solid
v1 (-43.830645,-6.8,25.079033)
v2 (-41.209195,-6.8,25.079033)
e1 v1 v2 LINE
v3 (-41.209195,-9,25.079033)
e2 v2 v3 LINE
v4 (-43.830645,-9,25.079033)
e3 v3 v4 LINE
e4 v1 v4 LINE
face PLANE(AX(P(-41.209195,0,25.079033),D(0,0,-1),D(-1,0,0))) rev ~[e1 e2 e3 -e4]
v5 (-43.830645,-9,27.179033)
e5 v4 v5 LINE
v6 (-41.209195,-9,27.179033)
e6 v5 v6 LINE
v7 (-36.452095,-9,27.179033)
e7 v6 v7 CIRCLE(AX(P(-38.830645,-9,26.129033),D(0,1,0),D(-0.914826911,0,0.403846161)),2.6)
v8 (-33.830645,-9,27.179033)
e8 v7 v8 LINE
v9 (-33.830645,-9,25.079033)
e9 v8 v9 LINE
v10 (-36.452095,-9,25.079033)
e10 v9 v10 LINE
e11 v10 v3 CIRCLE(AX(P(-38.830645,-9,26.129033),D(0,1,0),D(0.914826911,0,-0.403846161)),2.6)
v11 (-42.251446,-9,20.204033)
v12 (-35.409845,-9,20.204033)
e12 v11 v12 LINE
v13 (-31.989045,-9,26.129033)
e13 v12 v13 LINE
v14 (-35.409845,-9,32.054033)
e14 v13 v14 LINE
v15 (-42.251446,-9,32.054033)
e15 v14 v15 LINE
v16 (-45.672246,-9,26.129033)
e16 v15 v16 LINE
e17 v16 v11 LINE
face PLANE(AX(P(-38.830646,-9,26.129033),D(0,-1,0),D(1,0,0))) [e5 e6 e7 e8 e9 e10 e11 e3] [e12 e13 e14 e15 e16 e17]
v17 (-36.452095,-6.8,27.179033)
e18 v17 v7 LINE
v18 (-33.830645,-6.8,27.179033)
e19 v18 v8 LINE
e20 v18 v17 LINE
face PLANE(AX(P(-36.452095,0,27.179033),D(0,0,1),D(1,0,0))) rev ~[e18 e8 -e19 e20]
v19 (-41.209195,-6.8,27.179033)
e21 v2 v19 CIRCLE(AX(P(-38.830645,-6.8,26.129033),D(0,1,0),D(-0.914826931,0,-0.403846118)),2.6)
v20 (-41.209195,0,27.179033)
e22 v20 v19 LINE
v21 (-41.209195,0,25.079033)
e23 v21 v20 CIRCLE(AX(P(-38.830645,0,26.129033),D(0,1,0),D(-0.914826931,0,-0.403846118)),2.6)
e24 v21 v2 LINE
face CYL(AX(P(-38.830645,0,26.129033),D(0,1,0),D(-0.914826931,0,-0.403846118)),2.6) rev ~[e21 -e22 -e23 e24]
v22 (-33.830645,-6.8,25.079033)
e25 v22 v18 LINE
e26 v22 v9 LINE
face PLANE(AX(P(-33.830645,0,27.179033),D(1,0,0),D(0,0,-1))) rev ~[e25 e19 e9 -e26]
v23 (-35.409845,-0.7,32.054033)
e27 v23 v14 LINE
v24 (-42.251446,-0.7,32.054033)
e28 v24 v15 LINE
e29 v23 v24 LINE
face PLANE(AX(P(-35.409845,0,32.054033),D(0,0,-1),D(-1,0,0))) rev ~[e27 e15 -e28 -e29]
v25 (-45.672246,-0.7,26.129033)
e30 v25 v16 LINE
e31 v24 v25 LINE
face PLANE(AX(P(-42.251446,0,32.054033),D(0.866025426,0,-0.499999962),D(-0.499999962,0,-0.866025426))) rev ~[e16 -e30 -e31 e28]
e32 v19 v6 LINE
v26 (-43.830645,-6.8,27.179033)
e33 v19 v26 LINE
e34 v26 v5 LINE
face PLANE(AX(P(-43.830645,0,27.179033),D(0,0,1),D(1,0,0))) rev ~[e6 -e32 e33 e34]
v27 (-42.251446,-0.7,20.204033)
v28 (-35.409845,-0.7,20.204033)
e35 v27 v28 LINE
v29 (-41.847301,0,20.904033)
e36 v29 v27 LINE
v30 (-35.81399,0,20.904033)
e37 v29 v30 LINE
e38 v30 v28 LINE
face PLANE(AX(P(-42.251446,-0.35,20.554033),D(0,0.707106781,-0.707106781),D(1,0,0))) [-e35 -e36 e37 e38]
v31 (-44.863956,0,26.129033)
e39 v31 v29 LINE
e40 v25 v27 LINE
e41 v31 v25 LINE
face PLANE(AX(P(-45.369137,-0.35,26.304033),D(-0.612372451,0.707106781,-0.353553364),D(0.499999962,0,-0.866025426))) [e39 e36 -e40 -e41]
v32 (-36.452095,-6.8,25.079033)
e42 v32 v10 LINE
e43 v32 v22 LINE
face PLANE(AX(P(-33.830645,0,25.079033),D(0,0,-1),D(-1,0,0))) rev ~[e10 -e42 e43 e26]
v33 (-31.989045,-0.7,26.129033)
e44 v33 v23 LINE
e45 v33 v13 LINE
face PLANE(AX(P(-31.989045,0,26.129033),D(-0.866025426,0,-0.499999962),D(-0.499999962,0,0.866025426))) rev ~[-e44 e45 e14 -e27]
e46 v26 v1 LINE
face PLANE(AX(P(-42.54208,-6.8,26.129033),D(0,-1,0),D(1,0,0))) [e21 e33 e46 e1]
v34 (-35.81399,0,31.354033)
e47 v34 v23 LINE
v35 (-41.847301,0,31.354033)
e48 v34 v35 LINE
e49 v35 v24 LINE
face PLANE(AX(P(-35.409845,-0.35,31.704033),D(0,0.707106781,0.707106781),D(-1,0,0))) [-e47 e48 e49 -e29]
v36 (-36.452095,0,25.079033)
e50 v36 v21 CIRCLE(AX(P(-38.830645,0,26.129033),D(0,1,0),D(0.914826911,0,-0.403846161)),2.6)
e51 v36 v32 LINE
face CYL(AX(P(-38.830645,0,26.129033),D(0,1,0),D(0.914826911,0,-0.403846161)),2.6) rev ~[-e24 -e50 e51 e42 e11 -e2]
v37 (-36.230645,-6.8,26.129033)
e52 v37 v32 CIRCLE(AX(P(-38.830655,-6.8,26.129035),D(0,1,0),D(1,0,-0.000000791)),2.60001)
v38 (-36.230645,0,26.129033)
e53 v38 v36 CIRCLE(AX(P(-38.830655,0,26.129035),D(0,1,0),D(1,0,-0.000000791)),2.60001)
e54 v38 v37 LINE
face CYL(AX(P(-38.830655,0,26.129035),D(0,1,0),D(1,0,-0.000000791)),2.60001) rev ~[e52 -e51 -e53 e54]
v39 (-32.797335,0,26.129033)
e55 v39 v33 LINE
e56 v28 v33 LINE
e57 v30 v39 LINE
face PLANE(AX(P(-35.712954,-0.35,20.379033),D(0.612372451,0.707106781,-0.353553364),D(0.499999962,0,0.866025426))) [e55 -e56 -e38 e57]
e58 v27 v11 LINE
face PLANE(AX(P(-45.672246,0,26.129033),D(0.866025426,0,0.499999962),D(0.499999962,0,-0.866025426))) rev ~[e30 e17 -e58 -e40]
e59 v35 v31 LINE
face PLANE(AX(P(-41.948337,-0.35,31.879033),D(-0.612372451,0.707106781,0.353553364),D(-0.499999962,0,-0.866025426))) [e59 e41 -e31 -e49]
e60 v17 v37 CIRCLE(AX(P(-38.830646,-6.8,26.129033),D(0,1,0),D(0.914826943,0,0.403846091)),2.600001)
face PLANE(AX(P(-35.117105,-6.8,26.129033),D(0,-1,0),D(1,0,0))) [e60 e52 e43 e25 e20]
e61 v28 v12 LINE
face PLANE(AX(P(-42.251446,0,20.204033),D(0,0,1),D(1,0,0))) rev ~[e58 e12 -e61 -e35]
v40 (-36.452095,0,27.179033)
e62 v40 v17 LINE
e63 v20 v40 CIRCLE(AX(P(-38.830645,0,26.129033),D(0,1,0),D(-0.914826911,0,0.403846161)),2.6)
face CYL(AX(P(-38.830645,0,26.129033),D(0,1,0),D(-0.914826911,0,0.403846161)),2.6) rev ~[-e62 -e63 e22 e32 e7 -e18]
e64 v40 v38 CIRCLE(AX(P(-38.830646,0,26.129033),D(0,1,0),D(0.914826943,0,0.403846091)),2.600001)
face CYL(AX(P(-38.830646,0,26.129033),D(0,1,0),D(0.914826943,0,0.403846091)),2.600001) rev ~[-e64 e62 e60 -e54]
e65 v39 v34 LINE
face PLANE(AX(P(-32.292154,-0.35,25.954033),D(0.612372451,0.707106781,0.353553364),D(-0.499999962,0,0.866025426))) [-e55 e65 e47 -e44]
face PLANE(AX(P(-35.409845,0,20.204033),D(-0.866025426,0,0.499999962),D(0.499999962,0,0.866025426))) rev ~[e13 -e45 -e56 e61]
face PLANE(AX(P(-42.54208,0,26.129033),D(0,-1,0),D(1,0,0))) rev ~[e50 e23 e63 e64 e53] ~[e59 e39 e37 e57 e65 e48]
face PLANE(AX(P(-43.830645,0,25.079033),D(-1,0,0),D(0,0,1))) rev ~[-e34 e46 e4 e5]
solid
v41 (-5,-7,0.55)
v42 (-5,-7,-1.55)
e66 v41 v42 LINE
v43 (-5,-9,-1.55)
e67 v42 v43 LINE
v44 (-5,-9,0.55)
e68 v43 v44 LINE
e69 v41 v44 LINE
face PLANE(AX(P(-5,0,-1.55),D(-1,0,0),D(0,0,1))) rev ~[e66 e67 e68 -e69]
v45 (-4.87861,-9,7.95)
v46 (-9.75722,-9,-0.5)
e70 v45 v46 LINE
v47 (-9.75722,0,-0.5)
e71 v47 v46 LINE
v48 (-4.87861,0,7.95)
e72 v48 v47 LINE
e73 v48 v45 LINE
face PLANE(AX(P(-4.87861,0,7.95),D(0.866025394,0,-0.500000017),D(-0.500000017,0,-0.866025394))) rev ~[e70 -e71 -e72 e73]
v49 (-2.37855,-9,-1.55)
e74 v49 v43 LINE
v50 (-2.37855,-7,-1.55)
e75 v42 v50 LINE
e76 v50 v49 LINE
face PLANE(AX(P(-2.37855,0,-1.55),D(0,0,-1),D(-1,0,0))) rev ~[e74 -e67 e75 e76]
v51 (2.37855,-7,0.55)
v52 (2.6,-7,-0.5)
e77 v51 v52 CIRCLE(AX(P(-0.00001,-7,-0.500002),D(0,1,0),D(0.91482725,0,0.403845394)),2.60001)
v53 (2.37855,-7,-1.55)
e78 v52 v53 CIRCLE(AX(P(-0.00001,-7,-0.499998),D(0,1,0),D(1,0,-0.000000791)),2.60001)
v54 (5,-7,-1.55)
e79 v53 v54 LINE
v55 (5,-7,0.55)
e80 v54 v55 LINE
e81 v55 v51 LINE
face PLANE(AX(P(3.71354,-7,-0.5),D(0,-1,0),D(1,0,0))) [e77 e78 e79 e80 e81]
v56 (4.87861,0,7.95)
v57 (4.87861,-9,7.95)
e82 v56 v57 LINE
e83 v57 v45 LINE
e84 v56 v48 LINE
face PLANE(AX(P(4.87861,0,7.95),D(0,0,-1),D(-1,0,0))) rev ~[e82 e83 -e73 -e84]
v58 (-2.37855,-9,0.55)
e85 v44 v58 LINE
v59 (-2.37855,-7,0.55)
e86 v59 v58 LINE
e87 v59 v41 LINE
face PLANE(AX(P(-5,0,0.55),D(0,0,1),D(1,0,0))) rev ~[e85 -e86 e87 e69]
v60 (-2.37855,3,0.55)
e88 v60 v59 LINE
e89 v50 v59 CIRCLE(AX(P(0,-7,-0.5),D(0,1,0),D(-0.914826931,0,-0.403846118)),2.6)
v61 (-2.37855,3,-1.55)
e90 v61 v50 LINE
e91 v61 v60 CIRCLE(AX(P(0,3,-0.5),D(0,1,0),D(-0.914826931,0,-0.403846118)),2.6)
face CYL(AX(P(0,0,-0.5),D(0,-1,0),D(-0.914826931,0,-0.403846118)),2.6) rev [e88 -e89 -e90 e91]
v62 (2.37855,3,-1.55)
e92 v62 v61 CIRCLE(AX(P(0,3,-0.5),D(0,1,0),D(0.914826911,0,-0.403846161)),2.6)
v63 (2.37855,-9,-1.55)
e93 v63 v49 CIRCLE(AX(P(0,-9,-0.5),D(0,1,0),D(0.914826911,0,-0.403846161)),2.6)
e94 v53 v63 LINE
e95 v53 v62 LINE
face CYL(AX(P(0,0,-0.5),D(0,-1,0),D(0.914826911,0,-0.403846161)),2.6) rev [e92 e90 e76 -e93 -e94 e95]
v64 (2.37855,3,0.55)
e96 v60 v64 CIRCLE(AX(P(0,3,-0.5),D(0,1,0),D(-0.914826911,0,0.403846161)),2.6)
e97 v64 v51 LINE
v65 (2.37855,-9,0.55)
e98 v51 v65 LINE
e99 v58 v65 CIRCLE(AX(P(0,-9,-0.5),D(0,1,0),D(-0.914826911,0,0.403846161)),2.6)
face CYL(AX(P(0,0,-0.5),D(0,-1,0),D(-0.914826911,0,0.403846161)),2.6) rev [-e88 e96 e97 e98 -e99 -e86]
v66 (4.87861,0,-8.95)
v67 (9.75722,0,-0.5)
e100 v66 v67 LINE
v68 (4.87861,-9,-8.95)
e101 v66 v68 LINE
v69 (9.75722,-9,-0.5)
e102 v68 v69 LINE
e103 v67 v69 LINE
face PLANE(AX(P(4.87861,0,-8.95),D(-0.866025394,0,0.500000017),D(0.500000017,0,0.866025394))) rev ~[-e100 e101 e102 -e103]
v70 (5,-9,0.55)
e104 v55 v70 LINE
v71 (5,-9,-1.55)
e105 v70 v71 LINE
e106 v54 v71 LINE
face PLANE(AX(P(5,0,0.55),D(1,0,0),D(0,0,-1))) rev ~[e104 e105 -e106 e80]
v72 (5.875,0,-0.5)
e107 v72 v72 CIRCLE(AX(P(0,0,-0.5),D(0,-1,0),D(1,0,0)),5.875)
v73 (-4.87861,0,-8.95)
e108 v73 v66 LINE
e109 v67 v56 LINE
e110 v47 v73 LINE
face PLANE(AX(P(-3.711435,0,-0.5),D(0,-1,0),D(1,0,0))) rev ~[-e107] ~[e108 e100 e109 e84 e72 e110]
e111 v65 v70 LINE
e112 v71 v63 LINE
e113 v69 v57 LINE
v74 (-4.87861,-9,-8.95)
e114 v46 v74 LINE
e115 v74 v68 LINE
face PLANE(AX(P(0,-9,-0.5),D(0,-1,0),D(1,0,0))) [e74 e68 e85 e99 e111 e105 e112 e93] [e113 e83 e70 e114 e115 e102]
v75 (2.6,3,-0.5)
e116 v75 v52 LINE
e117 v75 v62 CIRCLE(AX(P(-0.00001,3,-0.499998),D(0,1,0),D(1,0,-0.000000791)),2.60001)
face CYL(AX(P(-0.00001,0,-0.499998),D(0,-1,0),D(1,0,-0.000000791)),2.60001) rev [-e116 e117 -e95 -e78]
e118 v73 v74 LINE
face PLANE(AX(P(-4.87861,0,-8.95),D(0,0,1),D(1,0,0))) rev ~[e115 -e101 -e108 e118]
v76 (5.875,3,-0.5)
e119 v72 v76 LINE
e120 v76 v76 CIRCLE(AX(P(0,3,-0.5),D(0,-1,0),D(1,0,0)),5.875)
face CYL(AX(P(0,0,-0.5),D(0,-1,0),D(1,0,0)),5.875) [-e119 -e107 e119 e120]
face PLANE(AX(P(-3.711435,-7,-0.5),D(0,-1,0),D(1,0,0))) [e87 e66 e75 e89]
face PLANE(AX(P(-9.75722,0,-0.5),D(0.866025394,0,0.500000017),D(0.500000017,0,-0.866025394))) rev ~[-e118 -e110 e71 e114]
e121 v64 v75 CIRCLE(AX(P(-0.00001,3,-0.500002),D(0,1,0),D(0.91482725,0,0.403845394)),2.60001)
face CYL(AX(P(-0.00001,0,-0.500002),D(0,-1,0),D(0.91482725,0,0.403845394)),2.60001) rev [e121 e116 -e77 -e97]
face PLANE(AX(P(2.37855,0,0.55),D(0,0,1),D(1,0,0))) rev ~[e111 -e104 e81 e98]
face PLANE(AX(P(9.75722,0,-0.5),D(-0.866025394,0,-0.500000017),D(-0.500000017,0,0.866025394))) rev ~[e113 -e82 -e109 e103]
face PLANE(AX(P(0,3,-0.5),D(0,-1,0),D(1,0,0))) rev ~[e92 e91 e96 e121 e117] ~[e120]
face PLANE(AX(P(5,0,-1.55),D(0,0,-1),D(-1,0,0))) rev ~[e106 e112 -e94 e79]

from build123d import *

# Parameters (mm, degrees)
F1_DEPTH = 9
F2_DEPTH = 6.8
F3_SIZE  = 0.7
F4_R     = 5.875
F5_DEPTH = 9
F6_DEPTH = 7
F7_DEPTH = 3


with BuildPart() as f1:
    # F0 (on Front) → F1 (new body)
    with BuildSketch(Plane.XZ):
        Polygon((-35.409845, 32.054033), (-42.251446, 32.054033), (-45.672246, 26.129033), (-42.251446, 20.204033), (-35.409845, 20.204033), (-31.989045, 26.129033), align=None)
        with BuildLine():
            ThreePointArc((-41.209195, 27.179033), (-38.830645, 28.729033), (-36.452095, 27.179033))
            Line((-36.452095, 27.179033), (-33.830645, 27.179033))
            Line((-33.830645, 27.179033), (-33.830645, 25.079033))
            Line((-33.830645, 25.079033), (-36.452095, 25.079033))
            ThreePointArc((-36.452095, 25.079033), (-38.830645, 23.529033), (-41.209195, 25.079033))
            Line((-41.209195, 25.079033), (-43.830645, 25.079033))
            Line((-43.830645, 25.079033), (-43.830645, 27.179033))
            Line((-43.830645, 27.179033), (-41.209195, 27.179033))
        make_face(mode=Mode.SUBTRACT)
    extrude(amount=F1_DEPTH)

    # F0 (on Front) → F2 (join)
    with BuildSketch(Plane.XZ):
        with BuildLine():
            ThreePointArc((-41.209195, 25.079033), (-41.430645, 26.129033), (-41.209195, 27.179033))
            Line((-41.209195, 27.179033), (-43.830645, 27.179033))
            Line((-43.830645, 27.179033), (-43.830645, 25.079033))
            Line((-43.830645, 25.079033), (-41.209195, 25.079033))
        make_face()
        with BuildLine():
            ThreePointArc((-36.452095, 27.179033), (-36.28661, 26.665583), (-36.230645, 26.129033))
            ThreePointArc((-36.230645, 26.129033), (-36.28661, 25.592484), (-36.452095, 25.079033))
            Line((-36.452095, 25.079033), (-33.830645, 25.079033))
            Line((-33.830645, 25.079033), (-33.830645, 27.179033))
            Line((-33.830645, 27.179033), (-36.452095, 27.179033))
        make_face()
    extrude(amount=F2_DEPTH)

    # F3
    f3_edges = [f1.edges().sort_by_distance(p)[0] for p in [
        (-33.699445, 0, 29.091533),
        (-33.699445, 0, 23.166533),
        (-38.830645, 0, 20.204033),
        (-43.961846, 0, 23.166533),
        (-43.961846, 0, 29.091533),
        (-38.830645, 0, 32.054033),
    ]]
    chamfer(f3_edges, length=F3_SIZE)


with BuildPart() as f5:
    # F4 (on Front) → F5 (new body)
    with BuildSketch(Plane.XZ):
        Polygon((4.87861, 7.95), (-4.87861, 7.95), (-9.75722, -0.5), (-4.87861, -8.95), (4.87861, -8.95), (9.75722, -0.5), align=None)
        with Locations((0, -0.5)):
            Circle(F4_R, mode=Mode.SUBTRACT)
        with Locations((0, -0.5)):
            Circle(F4_R)
        with BuildLine():
            ThreePointArc((-2.37855, 0.55), (0, 2.1), (2.37855, 0.55))
            Line((2.37855, 0.55), (5, 0.55))
            Line((5, 0.55), (5, -1.55))
            Line((5, -1.55), (2.37855, -1.55))
            ThreePointArc((2.37855, -1.55), (0, -3.1), (-2.37855, -1.55))
            Line((-2.37855, -1.55), (-5, -1.55))
            Line((-5, -1.55), (-5, 0.55))
            Line((-5, 0.55), (-2.37855, 0.55))
        make_face(mode=Mode.SUBTRACT)
    extrude(amount=F5_DEPTH)

    # F4 (on Front) → F6 (join)
    with BuildSketch(Plane.XZ):
        with BuildLine():
            ThreePointArc((-2.37855, -1.55), (-2.6, -0.5), (-2.37855, 0.55))
            Line((-2.37855, 0.55), (-5, 0.55))
            Line((-5, 0.55), (-5, -1.55))
            Line((-5, -1.55), (-2.37855, -1.55))
        make_face()
        with BuildLine():
            ThreePointArc((2.37855, 0.55), (2.544035, 0.036549), (2.6, -0.5))
            ThreePointArc((2.6, -0.5), (2.544035, -1.036549), (2.37855, -1.55))
            Line((2.37855, -1.55), (5, -1.55))
            Line((5, -1.55), (5, 0.55))
            Line((5, 0.55), (2.37855, 0.55))
        make_face()
    extrude(amount=F6_DEPTH)

    # F4 (on Front) → F7 (join)
    with BuildSketch(Plane.XZ):
        with Locations((0, -0.5)):
            Circle(F4_R)
        with BuildLine():
            ThreePointArc((-2.37855, 0.55), (0, 2.1), (2.37855, 0.55))
            Line((2.37855, 0.55), (5, 0.55))
            Line((5, 0.55), (5, -1.55))
            Line((5, -1.55), (2.37855, -1.55))
            ThreePointArc((2.37855, -1.55), (0, -3.1), (-2.37855, -1.55))
            Line((-2.37855, -1.55), (-5, -1.55))
            Line((-5, -1.55), (-5, 0.55))
            Line((-5, 0.55), (-2.37855, 0.55))
        make_face(mode=Mode.SUBTRACT)
        with BuildLine():
            ThreePointArc((-2.37855, -1.55), (-2.6, -0.5), (-2.37855, 0.55))
            Line((-2.37855, 0.55), (-5, 0.55))
            Line((-5, 0.55), (-5, -1.55))
            Line((-5, -1.55), (-2.37855, -1.55))
        make_face()
        with BuildLine():
            ThreePointArc((2.37855, 0.55), (2.544035, 0.036549), (2.6, -0.5))
            ThreePointArc((2.6, -0.5), (2.544035, -1.036549), (2.37855, -1.55))
            Line((2.37855, -1.55), (5, -1.55))
            Line((5, -1.55), (5, 0.55))
            Line((5, 0.55), (2.37855, 0.55))
        make_face()
    extrude(amount=-F7_DEPTH)


solid = Compound([f1.part, f5.part])
